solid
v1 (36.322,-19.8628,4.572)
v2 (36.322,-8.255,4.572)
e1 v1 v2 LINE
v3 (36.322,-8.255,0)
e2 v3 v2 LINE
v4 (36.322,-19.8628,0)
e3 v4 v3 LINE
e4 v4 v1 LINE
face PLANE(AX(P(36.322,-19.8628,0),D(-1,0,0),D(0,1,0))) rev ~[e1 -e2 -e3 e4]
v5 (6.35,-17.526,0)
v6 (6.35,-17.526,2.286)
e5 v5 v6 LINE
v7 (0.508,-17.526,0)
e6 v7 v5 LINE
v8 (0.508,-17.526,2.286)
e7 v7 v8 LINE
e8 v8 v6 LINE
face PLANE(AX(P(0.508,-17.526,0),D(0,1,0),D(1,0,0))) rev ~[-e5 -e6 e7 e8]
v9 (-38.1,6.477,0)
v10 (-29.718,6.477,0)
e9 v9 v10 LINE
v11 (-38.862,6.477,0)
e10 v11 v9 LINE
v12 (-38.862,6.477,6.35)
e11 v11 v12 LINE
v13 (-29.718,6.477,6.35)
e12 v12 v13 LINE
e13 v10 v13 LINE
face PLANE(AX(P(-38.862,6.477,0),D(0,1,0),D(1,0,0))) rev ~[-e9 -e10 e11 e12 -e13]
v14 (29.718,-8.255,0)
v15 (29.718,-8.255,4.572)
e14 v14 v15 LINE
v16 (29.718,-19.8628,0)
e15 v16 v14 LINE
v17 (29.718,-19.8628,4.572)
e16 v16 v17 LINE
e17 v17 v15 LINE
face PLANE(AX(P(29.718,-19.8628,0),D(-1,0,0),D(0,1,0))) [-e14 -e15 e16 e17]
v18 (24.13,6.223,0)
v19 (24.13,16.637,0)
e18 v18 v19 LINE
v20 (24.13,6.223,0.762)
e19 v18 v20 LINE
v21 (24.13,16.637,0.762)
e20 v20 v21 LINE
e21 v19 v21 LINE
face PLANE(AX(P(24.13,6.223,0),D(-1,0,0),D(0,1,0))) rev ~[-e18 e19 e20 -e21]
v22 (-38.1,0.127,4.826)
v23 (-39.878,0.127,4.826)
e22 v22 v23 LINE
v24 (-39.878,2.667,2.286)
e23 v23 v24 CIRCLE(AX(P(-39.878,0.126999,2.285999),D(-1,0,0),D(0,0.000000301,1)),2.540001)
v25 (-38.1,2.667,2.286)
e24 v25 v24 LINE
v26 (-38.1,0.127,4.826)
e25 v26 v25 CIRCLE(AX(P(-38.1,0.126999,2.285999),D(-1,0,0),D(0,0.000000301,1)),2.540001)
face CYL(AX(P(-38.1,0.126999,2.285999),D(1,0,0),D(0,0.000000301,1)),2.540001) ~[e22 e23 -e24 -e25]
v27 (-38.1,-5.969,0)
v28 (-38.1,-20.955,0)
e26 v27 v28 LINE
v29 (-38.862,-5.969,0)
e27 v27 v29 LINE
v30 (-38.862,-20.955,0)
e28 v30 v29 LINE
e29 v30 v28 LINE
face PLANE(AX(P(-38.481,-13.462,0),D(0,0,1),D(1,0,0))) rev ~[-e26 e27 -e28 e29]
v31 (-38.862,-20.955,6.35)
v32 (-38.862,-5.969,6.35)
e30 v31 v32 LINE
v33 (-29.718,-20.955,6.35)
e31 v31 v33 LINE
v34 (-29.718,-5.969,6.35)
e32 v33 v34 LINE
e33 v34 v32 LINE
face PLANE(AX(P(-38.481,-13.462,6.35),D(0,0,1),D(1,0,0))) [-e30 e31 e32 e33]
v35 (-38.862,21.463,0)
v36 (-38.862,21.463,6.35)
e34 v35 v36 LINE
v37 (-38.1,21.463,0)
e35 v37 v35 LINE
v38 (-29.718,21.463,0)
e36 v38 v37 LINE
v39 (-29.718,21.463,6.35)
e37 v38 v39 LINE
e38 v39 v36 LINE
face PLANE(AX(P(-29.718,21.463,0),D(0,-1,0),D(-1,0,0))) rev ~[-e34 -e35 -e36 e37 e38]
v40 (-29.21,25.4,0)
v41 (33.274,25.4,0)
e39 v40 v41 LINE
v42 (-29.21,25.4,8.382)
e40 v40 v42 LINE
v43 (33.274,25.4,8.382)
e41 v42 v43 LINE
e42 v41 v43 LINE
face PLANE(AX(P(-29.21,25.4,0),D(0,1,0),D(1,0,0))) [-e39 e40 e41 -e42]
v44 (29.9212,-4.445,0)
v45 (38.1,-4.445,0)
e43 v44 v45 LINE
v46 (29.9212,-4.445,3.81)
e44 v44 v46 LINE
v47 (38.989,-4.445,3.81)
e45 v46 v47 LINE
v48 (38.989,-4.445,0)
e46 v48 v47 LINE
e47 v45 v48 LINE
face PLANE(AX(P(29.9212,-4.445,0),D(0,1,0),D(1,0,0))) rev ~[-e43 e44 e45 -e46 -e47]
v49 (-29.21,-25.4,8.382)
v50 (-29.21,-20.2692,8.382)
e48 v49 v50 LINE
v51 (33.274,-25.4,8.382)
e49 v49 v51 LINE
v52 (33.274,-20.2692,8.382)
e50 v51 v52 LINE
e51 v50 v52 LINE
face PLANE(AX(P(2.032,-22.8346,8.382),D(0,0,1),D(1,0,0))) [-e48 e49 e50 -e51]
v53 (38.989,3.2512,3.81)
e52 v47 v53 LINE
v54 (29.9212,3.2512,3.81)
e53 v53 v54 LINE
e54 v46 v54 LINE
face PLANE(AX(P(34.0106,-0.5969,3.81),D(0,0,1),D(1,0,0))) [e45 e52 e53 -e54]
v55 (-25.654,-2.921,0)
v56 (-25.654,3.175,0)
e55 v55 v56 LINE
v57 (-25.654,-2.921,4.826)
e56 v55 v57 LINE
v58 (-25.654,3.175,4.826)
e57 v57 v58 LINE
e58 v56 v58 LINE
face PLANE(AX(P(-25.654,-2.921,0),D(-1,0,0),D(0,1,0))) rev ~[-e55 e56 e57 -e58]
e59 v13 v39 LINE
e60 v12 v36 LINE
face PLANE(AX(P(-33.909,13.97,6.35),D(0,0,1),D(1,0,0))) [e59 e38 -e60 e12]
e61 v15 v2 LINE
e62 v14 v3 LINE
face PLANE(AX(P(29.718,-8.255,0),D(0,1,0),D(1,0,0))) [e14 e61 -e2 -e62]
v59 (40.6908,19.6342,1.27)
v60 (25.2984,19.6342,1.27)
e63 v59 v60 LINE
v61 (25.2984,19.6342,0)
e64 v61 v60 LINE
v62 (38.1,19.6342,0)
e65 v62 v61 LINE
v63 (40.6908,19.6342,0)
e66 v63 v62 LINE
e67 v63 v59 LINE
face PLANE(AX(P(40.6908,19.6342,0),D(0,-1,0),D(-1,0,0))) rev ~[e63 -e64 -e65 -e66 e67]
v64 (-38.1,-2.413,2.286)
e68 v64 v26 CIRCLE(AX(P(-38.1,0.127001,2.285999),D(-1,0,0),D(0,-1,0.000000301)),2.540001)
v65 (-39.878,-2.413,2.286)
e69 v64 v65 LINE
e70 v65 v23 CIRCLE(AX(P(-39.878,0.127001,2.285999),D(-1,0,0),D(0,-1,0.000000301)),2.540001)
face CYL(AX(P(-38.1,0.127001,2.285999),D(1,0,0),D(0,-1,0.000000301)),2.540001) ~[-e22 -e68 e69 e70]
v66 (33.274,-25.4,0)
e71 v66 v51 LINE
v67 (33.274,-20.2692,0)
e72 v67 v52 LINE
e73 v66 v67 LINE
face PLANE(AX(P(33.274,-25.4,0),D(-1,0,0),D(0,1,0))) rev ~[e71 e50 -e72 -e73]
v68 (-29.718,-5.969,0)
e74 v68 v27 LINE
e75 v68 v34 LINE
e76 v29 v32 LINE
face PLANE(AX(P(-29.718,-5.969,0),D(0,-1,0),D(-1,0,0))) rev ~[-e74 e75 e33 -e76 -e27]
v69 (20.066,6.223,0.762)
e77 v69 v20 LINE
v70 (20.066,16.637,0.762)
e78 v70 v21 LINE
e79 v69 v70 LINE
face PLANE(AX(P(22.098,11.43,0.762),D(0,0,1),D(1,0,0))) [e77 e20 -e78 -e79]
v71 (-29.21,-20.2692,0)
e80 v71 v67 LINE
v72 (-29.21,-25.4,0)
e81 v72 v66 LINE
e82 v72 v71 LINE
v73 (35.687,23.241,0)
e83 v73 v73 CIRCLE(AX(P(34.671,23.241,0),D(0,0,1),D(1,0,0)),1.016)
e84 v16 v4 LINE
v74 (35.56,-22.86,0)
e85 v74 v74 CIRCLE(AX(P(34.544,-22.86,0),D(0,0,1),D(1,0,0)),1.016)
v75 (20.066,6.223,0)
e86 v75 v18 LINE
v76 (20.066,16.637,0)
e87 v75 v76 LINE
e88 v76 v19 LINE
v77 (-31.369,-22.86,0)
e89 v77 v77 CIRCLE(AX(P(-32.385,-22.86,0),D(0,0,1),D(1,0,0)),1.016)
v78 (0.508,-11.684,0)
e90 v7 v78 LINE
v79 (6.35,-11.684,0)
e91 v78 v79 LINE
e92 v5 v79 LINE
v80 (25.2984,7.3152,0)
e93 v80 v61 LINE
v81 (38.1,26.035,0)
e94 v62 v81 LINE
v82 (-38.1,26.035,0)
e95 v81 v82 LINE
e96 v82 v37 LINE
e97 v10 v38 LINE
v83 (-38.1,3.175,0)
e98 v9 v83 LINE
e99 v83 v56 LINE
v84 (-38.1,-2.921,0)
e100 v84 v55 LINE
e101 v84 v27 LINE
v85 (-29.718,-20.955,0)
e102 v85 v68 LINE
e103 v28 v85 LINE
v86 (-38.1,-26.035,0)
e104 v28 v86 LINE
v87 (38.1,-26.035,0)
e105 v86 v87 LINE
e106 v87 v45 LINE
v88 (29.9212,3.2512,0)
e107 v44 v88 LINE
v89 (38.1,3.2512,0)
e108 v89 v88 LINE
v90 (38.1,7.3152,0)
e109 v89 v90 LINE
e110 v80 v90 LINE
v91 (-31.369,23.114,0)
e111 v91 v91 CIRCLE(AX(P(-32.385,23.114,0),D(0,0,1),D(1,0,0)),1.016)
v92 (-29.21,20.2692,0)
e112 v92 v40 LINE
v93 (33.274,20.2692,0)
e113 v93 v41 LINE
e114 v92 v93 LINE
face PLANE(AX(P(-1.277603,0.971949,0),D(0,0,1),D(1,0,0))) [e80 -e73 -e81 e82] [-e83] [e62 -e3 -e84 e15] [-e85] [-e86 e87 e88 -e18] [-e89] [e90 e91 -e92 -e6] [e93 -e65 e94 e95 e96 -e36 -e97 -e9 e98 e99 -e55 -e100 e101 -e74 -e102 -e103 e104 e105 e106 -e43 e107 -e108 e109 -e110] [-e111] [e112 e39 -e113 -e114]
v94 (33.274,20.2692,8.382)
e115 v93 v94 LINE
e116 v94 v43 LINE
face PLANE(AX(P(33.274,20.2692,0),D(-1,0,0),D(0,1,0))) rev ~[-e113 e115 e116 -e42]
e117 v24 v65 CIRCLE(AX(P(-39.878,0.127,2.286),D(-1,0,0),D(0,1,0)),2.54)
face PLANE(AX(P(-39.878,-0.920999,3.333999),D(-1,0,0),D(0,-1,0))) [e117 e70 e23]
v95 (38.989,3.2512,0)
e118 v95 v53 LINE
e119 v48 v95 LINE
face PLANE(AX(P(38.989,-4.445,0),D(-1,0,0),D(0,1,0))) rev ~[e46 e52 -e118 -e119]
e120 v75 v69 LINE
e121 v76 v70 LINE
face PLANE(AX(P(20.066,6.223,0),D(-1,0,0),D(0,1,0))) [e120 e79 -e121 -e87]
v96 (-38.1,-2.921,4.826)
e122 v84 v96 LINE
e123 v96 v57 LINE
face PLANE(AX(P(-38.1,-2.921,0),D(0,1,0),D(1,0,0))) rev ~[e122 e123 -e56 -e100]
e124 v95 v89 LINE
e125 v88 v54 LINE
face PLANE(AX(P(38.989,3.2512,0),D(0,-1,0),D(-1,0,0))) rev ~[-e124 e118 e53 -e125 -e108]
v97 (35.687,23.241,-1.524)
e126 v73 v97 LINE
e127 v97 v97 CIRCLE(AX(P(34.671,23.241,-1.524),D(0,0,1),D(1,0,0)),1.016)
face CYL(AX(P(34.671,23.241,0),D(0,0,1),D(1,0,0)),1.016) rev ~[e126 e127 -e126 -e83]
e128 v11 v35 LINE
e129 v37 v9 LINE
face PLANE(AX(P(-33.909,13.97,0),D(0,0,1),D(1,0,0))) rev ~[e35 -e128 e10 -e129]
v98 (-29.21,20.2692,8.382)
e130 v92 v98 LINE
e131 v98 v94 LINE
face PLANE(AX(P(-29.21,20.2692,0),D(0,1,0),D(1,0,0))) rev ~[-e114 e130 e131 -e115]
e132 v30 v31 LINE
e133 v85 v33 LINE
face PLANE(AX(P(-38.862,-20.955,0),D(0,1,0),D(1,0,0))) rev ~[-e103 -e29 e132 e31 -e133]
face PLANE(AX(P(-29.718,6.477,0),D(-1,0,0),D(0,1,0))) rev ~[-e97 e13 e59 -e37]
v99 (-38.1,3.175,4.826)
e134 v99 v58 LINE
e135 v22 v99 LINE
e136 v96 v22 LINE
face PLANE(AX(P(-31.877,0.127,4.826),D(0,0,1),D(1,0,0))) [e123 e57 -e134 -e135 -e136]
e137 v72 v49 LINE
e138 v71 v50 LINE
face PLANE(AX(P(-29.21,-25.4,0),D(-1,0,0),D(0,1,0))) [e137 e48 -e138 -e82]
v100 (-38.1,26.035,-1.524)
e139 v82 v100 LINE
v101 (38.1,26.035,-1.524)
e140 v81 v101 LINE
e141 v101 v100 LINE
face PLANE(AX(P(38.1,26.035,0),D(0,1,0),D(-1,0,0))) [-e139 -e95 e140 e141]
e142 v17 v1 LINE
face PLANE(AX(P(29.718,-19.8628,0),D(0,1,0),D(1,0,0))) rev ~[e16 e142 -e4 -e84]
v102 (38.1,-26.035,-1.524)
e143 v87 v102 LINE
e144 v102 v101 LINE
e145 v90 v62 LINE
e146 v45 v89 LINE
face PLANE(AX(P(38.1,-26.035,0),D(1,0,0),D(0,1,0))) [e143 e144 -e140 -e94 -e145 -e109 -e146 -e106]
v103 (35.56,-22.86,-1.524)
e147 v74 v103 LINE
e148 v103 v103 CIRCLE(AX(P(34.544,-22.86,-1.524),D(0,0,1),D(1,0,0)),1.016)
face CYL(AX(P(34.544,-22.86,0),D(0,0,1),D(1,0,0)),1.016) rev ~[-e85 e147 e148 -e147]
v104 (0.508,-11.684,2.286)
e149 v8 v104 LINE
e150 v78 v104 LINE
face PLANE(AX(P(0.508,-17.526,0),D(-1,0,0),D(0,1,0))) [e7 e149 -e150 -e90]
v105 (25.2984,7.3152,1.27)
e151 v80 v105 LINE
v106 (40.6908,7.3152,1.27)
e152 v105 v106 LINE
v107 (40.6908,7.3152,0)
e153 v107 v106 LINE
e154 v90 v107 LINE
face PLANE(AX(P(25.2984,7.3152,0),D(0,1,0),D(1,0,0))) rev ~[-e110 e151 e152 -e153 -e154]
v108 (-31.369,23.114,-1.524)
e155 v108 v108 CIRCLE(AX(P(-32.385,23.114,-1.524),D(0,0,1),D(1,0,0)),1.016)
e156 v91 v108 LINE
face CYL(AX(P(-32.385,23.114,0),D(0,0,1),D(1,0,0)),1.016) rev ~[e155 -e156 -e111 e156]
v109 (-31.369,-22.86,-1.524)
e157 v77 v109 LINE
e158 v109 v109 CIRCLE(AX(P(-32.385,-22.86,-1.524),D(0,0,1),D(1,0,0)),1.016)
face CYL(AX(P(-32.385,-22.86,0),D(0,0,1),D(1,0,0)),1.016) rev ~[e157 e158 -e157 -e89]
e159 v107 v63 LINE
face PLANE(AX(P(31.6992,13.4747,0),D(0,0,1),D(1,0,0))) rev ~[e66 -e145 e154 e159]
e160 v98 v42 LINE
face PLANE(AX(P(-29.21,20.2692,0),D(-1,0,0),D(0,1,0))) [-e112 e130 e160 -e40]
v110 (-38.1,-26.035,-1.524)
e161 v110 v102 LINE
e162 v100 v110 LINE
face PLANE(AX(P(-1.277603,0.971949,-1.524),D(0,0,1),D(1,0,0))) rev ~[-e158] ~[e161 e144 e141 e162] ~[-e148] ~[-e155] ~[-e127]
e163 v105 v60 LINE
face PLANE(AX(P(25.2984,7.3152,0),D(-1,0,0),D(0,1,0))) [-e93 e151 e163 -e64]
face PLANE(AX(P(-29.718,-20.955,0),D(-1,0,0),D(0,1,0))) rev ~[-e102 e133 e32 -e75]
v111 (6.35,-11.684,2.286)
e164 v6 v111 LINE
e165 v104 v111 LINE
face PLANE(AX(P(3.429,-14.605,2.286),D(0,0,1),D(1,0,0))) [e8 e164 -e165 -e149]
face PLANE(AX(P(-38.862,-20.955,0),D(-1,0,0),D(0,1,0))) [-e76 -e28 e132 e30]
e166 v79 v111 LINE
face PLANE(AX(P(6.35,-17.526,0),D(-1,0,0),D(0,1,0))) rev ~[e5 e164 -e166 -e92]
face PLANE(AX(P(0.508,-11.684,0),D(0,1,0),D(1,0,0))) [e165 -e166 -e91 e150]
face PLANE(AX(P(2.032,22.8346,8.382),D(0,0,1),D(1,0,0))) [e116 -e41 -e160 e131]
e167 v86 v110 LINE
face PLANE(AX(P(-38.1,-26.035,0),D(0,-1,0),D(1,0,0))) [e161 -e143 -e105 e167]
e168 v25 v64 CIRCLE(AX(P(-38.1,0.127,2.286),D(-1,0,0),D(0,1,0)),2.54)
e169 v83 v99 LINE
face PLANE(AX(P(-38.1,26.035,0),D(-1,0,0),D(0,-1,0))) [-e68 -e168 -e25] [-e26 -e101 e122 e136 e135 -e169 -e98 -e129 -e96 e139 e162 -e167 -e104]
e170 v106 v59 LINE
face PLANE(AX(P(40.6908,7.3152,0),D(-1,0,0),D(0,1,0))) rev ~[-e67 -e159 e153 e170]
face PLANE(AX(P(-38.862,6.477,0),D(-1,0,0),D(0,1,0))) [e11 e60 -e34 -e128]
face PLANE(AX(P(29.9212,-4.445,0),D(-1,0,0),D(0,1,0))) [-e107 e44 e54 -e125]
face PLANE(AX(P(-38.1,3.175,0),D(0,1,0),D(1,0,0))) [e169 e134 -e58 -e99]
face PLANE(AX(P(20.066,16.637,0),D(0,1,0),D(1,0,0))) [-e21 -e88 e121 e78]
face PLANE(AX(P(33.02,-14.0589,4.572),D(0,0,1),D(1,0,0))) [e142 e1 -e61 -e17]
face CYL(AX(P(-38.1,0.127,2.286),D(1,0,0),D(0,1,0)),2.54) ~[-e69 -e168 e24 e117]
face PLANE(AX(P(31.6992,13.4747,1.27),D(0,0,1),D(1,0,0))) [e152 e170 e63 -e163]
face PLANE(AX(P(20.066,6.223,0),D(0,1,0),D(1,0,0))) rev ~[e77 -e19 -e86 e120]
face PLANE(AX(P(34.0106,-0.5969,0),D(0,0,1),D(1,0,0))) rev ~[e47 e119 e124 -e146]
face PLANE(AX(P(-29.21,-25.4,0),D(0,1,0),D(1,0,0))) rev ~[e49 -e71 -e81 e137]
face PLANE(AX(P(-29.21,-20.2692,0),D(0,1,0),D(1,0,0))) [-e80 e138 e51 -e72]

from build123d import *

# Parameters (mm, degrees)
F0_R      = 1.016
F0_W      = 62.484
F0_H      = 5.1308
F0_W_2    = 5.842
F0_H_2    = 5.842
F0_W_3    = 6.604
F0_H_3    = 11.6078
F0_W_4    = 4.064
F0_H_4    = 10.414
F0_W_5    = 12.8016
F0_H_5    = 12.319
F0_W_6    = 8.1788
F0_H_6    = 7.6962
F0_W_7    = 8.382
F0_H_7    = 14.986
F0_W_8    = 12.446
F0_H_8    = 6.096
F1_DEPTH  = 1.524
F2_DEPTH  = 8.382
F0_W_9    = 0.762
F3_DEPTH  = 6.35
F4_DEPTH  = 4.826
F5_DEPTH  = 2.286
F0_W_10   = 2.5908
F6_DEPTH  = 1.27
F0_W_11   = 0.889
F7_DEPTH  = 3.81
F8_DEPTH  = 4.572
F9_DEPTH  = 0.762
F11_DEPTH = 1.778


with BuildPart() as f1:
    # F0 (on Top) → F1 (new body)
    with BuildSketch(Plane.XY):
        Polygon((38.1, 26.035), (-38.1, 26.035), (-38.1, 21.463), (-29.718, 21.463), (-29.718, 6.477), (-38.1, 6.477), (-38.1, 3.175), (-25.654, 3.175), (-25.654, -2.921), (-38.1, -2.921), (-38.1, -5.969), (-29.718, -5.969), (-29.718, -20.955), (-38.1, -20.955), (-38.1, -26.035), (38.1, -26.035), (38.1, -4.445), (29.9212, -4.445), (29.9212, 3.2512), (38.1, 3.2512), (38.1, 7.3152), (25.2984, 7.3152), (25.2984, 19.6342), (38.1, 19.6342), align=None)
        with Locations((-32.385, -22.86)):
            Circle(F0_R, mode=Mode.SUBTRACT)
        with Locations((2.032, -22.8346)):
            Rectangle(F0_W, F0_H, mode=Mode.SUBTRACT)
        with Locations((3.429, -14.605)):
            Rectangle(F0_W_2, F0_H_2, mode=Mode.SUBTRACT)
        with Locations((34.544, -22.86)):
            Circle(F0_R, mode=Mode.SUBTRACT)
        with Locations((33.02, -14.0589)):
            Rectangle(F0_W_3, F0_H_3, mode=Mode.SUBTRACT)
        with Locations((-32.385, 23.114)):
            Circle(F0_R, mode=Mode.SUBTRACT)
        with Locations((22.098, 11.43)):
            Rectangle(F0_W_4, F0_H_4, mode=Mode.SUBTRACT)
        with Locations((2.032, 22.8346)):
            Rectangle(F0_W, F0_H, mode=Mode.SUBTRACT)
        with Locations((34.671, 23.241)):
            Circle(F0_R, mode=Mode.SUBTRACT)
        with Locations((2.032, 22.8346)):
            Rectangle(F0_W, F0_H)
        with Locations((31.6992, 13.4747)):
            Rectangle(F0_W_5, F0_H_5)
        with Locations((34.0106, -0.5969)):
            Rectangle(F0_W_6, F0_H_6)
        with Locations((33.02, -14.0589)):
            Rectangle(F0_W_3, F0_H_3)
        with Locations((2.032, -22.8346)):
            Rectangle(F0_W, F0_H)
        with Locations((3.429, -14.605)):
            Rectangle(F0_W_2, F0_H_2)
        with Locations((-33.909, -13.462)):
            Rectangle(F0_W_7, F0_H_7)
        with Locations((-31.877, 0.127)):
            Rectangle(F0_W_8, F0_H_8)
        with Locations((-33.909, 13.97)):
            Rectangle(F0_W_7, F0_H_7)
        with Locations((22.098, 11.43)):
            Rectangle(F0_W_4, F0_H_4)
    extrude(amount=-F1_DEPTH)

    # F0 (on Top) → F2 (join)
    with BuildSketch(Plane.XY):
        with Locations((2.032, 22.8346)):
            Rectangle(F0_W, F0_H)
        with Locations((2.032, -22.8346)):
            Rectangle(F0_W, F0_H)
    extrude(amount=F2_DEPTH)

    # F0 (on Top) → F3 (join)
    with BuildSketch(Plane.XY):
        with Locations((-33.909, 13.97)):
            Rectangle(F0_W_7, F0_H_7)
        with Locations((-38.481, 13.97)):
            Rectangle(F0_W_9, F0_H_7)
        with Locations((-38.481, -13.462)):
            Rectangle(F0_W_9, F0_H_7)
        with Locations((-33.909, -13.462)):
            Rectangle(F0_W_7, F0_H_7)
    extrude(amount=F3_DEPTH)

    # F0 (on Top) → F4 (join)
    with BuildSketch(Plane.XY):
        with Locations((-31.877, 0.127)):
            Rectangle(F0_W_8, F0_H_8)
    extrude(amount=F4_DEPTH)

    # F0 (on Top) → F5 (join)
    with BuildSketch(Plane.XY):
        with Locations((3.429, -14.605)):
            Rectangle(F0_W_2, F0_H_2)
    extrude(amount=F5_DEPTH)

    # F0 (on Top) → F6 (join)
    with BuildSketch(Plane.XY):
        with Locations((31.6992, 13.4747)):
            Rectangle(F0_W_5, F0_H_5)
        with Locations((39.3954, 13.4747)):
            Rectangle(F0_W_10, F0_H_5)
    extrude(amount=F6_DEPTH)

    # F0 (on Top) → F7 (join)
    with BuildSketch(Plane.XY):
        with Locations((34.0106, -0.5969)):
            Rectangle(F0_W_6, F0_H_6)
        with Locations((38.5445, -0.5969)):
            Rectangle(F0_W_11, F0_H_6)
    extrude(amount=F7_DEPTH)

    # F0 (on Top) → F8 (join)
    with BuildSketch(Plane.XY):
        with Locations((33.02, -14.0589)):
            Rectangle(F0_W_3, F0_H_3)
    extrude(amount=F8_DEPTH)

    # F0 (on Top) → F9 (join)
    with BuildSketch(Plane.XY):
        with Locations((22.098, 11.43)):
            Rectangle(F0_W_4, F0_H_4)
    extrude(amount=F9_DEPTH)

    # F10 (on face) → F11 (join)
    with BuildSketch(Plane(origin=(-38.1, 0, 0), x_dir=(0, -1, 0), z_dir=(-1, 0, 0))):
        with BuildLine():
            Line((-0.127, 2.286), (2.413, 2.286))
            ThreePointArc((2.413, 2.286), (1.669051, 4.082051), (-0.127, 4.826))
            Line((-0.127, 4.826), (-0.127, 2.286))
        make_face()
        with BuildLine():
            Line((-0.127, 2.286), (-0.127, 4.826))
            ThreePointArc((-0.127, 4.826), (-1.923051, 4.082051), (-2.667, 2.286))
            Line((-2.667, 2.286), (-0.127, 2.286))
        make_face()
        with BuildLine():
            ThreePointArc((-2.667, 2.286), (-0.127, -0.254), (2.413, 2.286))
            Line((2.413, 2.286), (-0.127, 2.286))
            Line((-0.127, 2.286), (-2.667, 2.286))
        make_face()
    extrude(amount=F11_DEPTH)


solid = f1.part
